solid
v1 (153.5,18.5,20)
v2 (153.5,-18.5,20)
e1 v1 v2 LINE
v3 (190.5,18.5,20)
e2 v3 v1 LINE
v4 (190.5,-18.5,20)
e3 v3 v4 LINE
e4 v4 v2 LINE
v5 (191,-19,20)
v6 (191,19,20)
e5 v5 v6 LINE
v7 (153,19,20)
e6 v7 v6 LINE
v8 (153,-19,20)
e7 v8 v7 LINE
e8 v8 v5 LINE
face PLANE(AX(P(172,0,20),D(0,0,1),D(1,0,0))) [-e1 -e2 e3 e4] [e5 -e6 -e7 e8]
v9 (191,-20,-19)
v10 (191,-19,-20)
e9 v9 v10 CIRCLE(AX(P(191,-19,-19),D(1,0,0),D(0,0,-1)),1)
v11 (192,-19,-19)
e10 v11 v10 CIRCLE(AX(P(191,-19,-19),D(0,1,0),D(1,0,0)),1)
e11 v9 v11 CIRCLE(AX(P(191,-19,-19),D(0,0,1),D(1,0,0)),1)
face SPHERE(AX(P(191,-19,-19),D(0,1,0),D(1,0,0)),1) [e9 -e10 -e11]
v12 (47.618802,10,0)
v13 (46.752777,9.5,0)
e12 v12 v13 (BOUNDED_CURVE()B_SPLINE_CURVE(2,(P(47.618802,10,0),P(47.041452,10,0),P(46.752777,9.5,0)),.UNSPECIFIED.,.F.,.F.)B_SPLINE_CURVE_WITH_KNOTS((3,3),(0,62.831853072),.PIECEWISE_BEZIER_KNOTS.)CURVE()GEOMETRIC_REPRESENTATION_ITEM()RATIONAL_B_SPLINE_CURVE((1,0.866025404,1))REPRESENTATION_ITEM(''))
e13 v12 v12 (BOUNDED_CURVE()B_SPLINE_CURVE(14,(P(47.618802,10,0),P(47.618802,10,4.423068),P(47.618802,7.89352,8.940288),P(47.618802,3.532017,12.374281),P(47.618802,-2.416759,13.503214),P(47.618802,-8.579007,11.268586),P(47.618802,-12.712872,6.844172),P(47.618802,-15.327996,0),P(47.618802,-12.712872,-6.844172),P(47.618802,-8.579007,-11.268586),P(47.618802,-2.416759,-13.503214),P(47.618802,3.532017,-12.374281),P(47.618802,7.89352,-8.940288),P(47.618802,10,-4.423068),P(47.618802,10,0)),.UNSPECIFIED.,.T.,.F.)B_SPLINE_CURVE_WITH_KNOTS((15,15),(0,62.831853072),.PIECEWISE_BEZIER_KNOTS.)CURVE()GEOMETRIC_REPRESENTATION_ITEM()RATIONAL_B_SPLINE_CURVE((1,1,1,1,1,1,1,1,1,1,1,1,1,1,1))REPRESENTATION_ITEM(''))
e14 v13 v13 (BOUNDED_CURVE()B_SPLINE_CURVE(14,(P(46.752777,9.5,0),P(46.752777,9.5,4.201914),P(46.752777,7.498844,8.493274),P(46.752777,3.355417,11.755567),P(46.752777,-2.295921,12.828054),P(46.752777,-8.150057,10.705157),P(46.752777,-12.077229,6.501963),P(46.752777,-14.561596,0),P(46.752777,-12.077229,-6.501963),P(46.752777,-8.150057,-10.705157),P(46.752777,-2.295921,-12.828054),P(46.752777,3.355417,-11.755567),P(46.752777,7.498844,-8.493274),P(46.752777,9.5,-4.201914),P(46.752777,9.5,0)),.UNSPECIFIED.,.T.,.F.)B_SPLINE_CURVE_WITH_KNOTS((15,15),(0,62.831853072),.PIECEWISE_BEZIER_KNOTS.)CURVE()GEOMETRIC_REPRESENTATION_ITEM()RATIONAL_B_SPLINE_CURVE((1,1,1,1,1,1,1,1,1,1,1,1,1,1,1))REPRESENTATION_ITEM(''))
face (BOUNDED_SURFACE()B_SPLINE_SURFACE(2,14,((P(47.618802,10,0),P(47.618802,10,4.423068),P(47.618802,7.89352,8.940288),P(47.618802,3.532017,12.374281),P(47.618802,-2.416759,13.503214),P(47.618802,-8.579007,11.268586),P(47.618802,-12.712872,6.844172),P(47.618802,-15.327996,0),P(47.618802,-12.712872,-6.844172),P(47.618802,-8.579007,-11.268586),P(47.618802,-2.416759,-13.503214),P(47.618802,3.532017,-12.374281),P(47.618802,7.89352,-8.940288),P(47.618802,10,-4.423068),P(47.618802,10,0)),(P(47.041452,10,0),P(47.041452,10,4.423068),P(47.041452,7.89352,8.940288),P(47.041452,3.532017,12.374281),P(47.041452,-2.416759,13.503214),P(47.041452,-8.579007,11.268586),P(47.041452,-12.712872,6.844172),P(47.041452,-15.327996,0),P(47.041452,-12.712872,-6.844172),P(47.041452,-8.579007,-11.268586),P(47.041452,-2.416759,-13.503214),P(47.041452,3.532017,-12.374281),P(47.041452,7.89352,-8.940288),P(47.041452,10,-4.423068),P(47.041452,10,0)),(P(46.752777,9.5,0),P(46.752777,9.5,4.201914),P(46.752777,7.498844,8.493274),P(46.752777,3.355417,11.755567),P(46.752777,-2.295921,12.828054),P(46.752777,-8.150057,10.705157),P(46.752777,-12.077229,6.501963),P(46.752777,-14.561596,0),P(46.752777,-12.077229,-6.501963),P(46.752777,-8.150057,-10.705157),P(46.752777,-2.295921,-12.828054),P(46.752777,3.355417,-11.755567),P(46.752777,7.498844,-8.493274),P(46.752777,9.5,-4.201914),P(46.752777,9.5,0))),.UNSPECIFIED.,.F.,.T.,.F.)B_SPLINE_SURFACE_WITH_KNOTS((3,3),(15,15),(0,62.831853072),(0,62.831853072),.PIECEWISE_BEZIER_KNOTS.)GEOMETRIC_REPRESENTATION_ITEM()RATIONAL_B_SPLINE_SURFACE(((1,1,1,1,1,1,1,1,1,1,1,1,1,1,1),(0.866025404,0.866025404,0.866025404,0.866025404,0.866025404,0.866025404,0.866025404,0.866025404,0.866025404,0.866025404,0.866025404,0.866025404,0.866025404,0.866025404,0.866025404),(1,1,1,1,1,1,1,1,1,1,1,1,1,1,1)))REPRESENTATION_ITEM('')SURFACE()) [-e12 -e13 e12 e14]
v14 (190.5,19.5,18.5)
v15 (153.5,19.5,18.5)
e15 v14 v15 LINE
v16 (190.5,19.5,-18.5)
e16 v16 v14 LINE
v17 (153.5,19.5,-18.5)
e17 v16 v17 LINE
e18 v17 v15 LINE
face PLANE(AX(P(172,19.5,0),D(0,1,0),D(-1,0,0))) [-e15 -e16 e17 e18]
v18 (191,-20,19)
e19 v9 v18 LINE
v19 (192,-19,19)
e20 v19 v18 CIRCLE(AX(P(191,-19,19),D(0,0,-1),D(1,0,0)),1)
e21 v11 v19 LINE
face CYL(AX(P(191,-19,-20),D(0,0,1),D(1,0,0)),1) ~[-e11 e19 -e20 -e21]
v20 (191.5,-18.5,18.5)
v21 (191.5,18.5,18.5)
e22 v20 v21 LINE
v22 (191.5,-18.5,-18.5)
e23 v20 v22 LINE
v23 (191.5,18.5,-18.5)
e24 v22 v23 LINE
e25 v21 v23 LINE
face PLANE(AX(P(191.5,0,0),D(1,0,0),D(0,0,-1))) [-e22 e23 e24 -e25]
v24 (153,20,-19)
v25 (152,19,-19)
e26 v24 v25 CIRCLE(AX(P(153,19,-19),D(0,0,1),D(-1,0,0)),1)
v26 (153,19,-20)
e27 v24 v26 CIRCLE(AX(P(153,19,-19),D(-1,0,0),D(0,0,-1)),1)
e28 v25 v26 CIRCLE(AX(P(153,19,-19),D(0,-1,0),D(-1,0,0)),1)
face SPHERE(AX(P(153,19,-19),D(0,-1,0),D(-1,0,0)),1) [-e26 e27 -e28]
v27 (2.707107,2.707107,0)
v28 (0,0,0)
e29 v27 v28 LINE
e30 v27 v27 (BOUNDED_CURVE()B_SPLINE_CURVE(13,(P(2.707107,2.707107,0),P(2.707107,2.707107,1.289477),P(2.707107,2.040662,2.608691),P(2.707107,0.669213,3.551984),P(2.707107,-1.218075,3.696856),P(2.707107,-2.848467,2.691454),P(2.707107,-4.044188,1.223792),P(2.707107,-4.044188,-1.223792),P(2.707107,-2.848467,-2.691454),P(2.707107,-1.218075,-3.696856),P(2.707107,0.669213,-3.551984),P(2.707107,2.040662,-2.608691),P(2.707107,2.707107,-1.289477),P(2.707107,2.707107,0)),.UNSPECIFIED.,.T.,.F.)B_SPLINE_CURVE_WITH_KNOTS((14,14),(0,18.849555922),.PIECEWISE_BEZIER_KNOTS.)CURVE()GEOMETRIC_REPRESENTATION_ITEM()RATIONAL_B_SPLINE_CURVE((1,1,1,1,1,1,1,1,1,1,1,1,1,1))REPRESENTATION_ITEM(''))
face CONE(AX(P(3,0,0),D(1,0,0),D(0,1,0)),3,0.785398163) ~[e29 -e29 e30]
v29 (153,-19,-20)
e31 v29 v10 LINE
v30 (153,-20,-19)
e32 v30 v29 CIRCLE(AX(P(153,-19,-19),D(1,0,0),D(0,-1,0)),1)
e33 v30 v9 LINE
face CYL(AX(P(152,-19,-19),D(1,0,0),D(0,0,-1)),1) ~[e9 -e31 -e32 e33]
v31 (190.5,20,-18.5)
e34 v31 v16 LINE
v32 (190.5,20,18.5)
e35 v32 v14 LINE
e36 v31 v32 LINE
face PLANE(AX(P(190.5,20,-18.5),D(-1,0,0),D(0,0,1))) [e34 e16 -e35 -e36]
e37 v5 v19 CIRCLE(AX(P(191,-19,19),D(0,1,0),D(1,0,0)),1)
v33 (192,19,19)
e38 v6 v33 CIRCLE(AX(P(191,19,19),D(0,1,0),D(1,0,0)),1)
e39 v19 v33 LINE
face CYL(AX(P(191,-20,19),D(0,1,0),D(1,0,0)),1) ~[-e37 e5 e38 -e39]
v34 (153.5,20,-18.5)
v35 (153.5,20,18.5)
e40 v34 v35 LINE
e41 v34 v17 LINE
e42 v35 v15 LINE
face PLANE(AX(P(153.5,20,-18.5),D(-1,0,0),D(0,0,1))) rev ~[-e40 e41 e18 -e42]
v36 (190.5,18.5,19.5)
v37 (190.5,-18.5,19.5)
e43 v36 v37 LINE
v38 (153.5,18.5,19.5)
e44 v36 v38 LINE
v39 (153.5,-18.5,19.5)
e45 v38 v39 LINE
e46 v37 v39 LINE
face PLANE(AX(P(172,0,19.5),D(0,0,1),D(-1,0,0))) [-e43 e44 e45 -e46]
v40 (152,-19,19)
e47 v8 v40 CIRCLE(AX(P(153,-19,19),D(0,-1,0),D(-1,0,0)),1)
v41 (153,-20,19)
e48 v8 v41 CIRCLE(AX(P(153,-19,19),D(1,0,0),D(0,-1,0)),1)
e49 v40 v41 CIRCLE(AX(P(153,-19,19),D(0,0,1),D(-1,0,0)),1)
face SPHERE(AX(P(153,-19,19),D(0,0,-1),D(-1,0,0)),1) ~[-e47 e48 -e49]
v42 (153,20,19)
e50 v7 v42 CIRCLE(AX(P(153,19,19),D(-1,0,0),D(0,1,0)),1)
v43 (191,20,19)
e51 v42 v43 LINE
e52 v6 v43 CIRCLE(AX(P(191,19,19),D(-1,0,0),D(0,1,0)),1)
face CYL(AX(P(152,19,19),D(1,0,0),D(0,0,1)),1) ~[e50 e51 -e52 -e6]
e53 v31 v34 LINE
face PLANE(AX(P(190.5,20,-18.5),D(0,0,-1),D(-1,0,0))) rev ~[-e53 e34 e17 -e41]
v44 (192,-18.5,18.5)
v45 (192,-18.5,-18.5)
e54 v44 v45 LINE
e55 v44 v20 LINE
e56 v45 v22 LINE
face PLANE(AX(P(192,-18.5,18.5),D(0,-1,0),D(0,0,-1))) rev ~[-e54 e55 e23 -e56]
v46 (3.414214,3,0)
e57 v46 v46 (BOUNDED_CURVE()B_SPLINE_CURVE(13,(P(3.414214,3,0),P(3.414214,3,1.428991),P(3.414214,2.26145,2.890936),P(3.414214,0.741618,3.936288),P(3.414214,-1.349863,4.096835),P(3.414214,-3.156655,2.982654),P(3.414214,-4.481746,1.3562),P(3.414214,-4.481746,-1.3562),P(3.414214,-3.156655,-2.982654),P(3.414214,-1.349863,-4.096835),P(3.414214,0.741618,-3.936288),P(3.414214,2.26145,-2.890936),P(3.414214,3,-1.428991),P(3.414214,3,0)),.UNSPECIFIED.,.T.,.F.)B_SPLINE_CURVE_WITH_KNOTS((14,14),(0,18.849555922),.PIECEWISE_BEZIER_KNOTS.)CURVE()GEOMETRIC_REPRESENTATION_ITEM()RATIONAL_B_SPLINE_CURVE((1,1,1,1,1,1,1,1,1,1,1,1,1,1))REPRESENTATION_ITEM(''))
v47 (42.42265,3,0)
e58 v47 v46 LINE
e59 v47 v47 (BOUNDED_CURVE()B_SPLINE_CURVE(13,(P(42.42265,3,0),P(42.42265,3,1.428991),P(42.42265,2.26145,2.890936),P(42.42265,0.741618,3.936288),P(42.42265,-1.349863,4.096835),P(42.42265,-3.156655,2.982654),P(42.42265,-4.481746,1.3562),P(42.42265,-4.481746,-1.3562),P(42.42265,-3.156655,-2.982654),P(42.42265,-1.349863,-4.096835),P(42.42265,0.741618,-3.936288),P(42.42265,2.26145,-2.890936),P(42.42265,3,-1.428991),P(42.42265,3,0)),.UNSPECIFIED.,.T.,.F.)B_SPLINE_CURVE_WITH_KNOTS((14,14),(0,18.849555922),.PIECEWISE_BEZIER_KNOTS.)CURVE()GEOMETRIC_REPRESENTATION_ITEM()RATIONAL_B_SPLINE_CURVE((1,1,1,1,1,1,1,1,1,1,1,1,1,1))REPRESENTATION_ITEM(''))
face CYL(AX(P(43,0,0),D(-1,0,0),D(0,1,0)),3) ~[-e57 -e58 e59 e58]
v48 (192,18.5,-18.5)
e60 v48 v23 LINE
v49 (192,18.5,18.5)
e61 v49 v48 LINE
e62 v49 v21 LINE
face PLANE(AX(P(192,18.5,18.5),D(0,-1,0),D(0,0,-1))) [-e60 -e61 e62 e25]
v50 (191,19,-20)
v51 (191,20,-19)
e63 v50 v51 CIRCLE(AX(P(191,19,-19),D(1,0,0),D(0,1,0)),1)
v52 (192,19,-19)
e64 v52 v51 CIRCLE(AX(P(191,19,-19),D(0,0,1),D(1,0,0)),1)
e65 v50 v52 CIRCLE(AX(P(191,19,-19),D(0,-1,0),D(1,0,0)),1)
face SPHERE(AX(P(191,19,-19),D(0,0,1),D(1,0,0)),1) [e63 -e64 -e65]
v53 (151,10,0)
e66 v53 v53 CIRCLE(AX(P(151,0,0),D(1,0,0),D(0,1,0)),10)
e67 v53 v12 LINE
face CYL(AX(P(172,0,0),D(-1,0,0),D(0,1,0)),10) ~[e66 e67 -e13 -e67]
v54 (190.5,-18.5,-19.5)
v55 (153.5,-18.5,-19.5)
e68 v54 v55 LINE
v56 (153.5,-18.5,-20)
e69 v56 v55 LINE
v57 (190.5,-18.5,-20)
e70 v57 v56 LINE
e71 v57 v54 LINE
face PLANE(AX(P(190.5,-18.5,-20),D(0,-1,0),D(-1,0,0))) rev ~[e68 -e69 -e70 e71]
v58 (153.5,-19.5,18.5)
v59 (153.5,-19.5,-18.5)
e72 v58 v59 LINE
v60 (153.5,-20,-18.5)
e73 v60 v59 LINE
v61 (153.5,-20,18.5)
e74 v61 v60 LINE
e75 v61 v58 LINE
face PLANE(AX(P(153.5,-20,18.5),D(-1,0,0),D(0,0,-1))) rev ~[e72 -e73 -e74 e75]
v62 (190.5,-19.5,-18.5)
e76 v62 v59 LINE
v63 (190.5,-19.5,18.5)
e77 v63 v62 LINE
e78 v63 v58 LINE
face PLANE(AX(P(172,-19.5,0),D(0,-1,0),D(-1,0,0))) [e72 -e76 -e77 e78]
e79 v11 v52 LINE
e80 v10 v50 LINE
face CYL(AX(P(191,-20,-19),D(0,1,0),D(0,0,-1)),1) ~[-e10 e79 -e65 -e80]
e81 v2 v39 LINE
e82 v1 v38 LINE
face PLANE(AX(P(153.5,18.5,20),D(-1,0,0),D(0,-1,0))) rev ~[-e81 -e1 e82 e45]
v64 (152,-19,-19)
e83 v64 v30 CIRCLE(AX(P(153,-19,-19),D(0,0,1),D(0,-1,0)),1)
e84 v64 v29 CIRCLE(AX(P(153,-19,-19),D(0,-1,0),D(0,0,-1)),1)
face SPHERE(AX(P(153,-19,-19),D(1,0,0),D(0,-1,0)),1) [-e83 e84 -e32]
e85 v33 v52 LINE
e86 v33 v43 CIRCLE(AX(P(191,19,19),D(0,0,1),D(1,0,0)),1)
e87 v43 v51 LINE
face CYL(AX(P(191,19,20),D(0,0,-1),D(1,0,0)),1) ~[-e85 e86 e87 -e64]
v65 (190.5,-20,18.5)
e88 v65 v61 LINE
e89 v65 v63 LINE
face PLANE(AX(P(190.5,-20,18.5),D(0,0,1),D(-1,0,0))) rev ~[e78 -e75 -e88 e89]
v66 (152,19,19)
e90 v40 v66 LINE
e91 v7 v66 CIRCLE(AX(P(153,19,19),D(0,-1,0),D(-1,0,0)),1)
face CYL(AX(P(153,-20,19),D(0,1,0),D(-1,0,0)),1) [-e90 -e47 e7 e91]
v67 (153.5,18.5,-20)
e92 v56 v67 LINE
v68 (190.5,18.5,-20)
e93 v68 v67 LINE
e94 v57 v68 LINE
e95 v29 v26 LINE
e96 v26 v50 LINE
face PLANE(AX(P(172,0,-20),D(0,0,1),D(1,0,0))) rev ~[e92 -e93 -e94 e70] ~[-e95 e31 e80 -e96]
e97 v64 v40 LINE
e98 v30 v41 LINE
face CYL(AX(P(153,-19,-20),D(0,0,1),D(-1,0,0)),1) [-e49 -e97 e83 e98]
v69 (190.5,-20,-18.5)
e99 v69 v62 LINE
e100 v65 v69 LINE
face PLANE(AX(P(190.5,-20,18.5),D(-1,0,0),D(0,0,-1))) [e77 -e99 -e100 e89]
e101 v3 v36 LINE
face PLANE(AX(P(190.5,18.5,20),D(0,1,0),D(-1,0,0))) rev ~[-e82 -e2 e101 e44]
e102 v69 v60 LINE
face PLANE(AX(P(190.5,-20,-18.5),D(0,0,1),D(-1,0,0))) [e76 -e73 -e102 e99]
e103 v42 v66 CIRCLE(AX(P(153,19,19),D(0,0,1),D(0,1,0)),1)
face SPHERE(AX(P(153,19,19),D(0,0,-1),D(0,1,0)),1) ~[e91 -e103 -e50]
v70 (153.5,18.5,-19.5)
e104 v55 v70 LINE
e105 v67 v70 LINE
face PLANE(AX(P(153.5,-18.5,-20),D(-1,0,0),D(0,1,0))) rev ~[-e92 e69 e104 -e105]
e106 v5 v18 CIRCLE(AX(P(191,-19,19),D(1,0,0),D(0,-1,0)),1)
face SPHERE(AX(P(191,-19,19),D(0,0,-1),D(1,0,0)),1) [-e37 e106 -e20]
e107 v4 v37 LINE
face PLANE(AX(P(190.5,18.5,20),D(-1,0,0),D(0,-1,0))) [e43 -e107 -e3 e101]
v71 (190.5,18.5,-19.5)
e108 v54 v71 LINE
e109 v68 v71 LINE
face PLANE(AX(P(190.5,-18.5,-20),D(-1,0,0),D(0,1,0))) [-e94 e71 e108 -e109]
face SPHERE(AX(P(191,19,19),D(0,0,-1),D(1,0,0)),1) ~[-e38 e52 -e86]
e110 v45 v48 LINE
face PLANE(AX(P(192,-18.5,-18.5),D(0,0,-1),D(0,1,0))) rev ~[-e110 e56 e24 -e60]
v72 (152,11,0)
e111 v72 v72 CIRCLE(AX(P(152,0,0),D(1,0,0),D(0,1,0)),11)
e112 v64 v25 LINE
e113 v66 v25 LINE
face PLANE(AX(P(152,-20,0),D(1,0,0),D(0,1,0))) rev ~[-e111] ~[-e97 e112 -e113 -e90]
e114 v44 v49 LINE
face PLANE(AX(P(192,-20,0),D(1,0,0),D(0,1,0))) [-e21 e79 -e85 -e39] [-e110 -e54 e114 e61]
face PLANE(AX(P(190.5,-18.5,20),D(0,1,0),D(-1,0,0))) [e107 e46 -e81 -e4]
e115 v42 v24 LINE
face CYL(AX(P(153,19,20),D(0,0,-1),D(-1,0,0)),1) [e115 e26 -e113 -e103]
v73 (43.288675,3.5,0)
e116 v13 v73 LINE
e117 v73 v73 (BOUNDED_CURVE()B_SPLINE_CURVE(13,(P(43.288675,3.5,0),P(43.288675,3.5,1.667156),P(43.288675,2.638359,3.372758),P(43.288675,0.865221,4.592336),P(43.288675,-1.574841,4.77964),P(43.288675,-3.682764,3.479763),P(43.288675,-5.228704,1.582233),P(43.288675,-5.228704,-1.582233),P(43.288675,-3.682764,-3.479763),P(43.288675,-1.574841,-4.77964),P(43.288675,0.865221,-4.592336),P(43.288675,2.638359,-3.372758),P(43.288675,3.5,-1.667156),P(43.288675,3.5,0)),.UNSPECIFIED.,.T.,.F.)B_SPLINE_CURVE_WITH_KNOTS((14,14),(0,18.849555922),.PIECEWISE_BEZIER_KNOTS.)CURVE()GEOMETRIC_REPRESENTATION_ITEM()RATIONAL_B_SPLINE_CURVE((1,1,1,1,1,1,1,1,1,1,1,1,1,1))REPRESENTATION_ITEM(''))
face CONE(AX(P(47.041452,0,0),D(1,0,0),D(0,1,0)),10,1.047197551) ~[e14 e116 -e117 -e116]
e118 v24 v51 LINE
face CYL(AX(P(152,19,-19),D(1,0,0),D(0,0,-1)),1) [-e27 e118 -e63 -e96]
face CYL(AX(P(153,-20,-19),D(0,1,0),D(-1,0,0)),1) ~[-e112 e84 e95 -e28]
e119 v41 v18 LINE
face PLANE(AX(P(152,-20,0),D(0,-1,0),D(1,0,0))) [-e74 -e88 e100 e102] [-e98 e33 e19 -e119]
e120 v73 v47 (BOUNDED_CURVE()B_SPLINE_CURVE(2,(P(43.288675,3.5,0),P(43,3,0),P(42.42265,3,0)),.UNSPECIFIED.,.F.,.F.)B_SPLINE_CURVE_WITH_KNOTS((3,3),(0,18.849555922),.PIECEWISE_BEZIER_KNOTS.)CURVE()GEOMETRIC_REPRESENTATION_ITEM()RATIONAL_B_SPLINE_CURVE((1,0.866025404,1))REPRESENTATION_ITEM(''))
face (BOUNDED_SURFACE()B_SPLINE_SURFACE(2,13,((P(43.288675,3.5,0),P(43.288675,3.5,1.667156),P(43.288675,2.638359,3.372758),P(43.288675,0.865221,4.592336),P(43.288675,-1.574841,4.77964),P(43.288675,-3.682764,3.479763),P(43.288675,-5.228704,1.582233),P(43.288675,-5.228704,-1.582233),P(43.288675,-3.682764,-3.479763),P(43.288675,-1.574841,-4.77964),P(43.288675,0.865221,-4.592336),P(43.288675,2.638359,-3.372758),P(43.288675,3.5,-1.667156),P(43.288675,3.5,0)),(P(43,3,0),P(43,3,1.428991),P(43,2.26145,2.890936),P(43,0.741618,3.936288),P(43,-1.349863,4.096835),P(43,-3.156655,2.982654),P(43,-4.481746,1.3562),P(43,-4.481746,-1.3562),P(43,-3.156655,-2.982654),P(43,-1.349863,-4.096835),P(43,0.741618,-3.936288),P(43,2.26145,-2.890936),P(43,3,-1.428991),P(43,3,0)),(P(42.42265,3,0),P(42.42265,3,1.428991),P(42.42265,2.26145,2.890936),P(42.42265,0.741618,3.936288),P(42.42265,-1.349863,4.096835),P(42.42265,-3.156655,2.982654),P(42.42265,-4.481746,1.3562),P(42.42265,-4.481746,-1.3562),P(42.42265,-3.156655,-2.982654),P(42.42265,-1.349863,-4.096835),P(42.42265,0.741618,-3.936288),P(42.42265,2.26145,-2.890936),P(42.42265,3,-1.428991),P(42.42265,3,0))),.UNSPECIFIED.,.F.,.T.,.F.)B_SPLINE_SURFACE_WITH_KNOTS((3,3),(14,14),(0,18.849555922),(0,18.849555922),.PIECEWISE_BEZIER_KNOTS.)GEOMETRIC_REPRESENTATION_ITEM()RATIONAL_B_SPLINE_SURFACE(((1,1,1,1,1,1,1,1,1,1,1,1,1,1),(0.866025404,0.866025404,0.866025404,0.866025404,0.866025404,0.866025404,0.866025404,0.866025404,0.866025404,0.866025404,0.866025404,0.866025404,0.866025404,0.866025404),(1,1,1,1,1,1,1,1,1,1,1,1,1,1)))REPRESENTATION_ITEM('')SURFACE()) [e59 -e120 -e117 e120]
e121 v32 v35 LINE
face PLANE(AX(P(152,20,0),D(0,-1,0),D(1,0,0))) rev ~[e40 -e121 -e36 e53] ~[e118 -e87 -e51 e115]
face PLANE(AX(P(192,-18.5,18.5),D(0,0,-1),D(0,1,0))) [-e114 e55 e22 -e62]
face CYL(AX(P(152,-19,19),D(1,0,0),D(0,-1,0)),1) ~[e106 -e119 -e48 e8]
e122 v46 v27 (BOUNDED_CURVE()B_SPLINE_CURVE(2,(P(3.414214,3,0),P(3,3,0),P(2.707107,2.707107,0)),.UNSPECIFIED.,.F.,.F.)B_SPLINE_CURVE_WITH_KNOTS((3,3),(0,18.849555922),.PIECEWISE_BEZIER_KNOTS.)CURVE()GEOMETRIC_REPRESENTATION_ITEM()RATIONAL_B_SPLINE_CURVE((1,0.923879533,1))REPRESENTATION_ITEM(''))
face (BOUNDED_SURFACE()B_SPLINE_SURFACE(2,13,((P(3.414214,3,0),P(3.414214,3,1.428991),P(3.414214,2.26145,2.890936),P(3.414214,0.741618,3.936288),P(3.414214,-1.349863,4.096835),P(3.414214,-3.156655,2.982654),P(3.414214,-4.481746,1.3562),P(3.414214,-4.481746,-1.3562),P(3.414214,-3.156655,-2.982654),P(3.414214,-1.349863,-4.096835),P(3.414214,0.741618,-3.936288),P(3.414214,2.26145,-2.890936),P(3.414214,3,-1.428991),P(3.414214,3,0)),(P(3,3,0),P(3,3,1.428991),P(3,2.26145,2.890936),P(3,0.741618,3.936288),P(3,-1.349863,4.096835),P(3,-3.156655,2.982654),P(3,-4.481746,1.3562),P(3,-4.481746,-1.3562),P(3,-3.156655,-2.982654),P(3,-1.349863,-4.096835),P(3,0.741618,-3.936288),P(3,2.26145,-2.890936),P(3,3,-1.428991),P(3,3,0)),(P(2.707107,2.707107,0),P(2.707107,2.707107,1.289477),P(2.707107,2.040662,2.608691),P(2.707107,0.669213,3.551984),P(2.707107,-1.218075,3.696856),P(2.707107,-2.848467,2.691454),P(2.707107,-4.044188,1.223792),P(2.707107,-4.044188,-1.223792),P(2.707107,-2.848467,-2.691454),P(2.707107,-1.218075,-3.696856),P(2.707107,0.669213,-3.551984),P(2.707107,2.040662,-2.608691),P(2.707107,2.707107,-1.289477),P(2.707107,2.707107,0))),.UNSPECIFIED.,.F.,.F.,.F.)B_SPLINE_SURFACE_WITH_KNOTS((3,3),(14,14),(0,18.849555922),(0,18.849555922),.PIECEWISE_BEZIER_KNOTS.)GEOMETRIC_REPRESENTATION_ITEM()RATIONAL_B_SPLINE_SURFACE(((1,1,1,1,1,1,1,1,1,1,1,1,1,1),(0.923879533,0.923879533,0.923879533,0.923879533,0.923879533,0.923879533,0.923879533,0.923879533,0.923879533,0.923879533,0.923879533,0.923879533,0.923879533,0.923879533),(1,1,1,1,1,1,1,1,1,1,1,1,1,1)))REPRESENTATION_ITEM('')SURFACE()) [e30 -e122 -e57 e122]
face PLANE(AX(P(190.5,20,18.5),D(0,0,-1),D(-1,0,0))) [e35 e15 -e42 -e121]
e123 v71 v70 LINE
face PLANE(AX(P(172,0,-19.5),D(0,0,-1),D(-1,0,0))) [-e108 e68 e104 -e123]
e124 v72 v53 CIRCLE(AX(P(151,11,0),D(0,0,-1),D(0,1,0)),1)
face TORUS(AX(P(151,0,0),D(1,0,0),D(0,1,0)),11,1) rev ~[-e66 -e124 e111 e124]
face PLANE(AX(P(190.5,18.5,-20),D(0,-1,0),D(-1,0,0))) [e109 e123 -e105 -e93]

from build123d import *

# Parameters (mm, degrees)
SKETCH2_W                = 40
SKETCH2_H                = 40
BOSS_EXTRUDE1_DEPTH      = 20
BOSS_EXTRUDE1_DEPTH_BACK = 20
FILLET2_R                = 1
FILLET3_R                = 1
SKETCH3_W                = 37
SKETCH3_H                = 37
CUT_EXTRUDE1_DEPTH       = 0.5
CIRPATTERN1_COUNT        = 4
CIRPATTERN3_COUNT        = 2
CIRPATTERN3_ANGLE        = 90


with BuildPart() as part:
    # Sketch1 → Revolve1 (revolve)
    with BuildSketch(Plane.XY):
        with BuildLine():
            Line((0, 0), (180, 0))
            Line((180, 0), (180, 2))
            ThreePointArc((180, 2), (177.656854249, 7.656854249), (172, 10))
            Line((172, 10), (61.659544264, 10))
            Line((61.659544264, 10), (47.041451884, 10))
            Line((47.041451884, 10), (43, 3))
            Line((43, 3), (3, 3))
            Line((3, 3), (0, 0))
        make_face()
    revolve(axis=Axis((0, 0, 0), (1, 0, 0)))

    # Sketch2 → Boss-Extrude1 (add, two sides)
    with BuildSketch(Plane.XY) as boss_extrude1_sk:
        with Locations((172, 0)):
            Rectangle(SKETCH2_W, SKETCH2_H)
    extrude(amount=BOSS_EXTRUDE1_DEPTH)
    extrude(boss_extrude1_sk.sketch, amount=-BOSS_EXTRUDE1_DEPTH_BACK)

    # Fillet2
    fillet2_edges = [part.edges().sort_by_distance(p)[0] for p in [
        (152, -10, 0),
        (192, 20, 0),
        (192, 0, -20),
        (192, -20, 0),
        (172, -20, -20),
        (152, -20, 0),
        (152, 0, -20),
        (152, 20, 0),
        (172, 20, -20),
        (192, 0, 20),
        (172, 20, 20),
        (152, 0, 20),
        (172, -20, 20),
    ]]
    fillet(fillet2_edges, radius=FILLET2_R)

    # Fillet3
    fillet3_edges = [part.edges().sort_by_distance(p)[0] for p in [
        (3, -3, 0),
        (43, -3, 0),
        (47.041451884, -10, 0),
    ]]
    fillet(fillet3_edges, radius=FILLET3_R)

    # Sketch3 → Cut-Extrude1 (cut)
    with BuildSketch(Plane(origin=(0, 0, -20), x_dir=(-1, 0, 0), z_dir=(0, 0, -1))):
        with Locations((-172, 0)):
            Rectangle(SKETCH3_W, SKETCH3_H)
    cut_extrude1 = extrude(amount=-CUT_EXTRUDE1_DEPTH, mode=Mode.SUBTRACT)

    # CirPattern1: Cut-Extrude1 ×4 about axis
    cirpattern1_axis = Axis((0, 0, 0), (1, 0, 0))
    for i in range(1, CIRPATTERN1_COUNT):
        add(cut_extrude1.rotate(cirpattern1_axis, i * 360 / CIRPATTERN1_COUNT), mode=Mode.SUBTRACT)

    # CirPattern3: Cut-Extrude1 ×2 about axis
    cirpattern3_axis = Axis((172, 0, 0), (0, -1, 0))
    for i in range(1, CIRPATTERN3_COUNT):
        add(cut_extrude1.rotate(cirpattern3_axis, i * CIRPATTERN3_ANGLE / (CIRPATTERN3_COUNT - 1)), mode=Mode.SUBTRACT)


solid = part.part
